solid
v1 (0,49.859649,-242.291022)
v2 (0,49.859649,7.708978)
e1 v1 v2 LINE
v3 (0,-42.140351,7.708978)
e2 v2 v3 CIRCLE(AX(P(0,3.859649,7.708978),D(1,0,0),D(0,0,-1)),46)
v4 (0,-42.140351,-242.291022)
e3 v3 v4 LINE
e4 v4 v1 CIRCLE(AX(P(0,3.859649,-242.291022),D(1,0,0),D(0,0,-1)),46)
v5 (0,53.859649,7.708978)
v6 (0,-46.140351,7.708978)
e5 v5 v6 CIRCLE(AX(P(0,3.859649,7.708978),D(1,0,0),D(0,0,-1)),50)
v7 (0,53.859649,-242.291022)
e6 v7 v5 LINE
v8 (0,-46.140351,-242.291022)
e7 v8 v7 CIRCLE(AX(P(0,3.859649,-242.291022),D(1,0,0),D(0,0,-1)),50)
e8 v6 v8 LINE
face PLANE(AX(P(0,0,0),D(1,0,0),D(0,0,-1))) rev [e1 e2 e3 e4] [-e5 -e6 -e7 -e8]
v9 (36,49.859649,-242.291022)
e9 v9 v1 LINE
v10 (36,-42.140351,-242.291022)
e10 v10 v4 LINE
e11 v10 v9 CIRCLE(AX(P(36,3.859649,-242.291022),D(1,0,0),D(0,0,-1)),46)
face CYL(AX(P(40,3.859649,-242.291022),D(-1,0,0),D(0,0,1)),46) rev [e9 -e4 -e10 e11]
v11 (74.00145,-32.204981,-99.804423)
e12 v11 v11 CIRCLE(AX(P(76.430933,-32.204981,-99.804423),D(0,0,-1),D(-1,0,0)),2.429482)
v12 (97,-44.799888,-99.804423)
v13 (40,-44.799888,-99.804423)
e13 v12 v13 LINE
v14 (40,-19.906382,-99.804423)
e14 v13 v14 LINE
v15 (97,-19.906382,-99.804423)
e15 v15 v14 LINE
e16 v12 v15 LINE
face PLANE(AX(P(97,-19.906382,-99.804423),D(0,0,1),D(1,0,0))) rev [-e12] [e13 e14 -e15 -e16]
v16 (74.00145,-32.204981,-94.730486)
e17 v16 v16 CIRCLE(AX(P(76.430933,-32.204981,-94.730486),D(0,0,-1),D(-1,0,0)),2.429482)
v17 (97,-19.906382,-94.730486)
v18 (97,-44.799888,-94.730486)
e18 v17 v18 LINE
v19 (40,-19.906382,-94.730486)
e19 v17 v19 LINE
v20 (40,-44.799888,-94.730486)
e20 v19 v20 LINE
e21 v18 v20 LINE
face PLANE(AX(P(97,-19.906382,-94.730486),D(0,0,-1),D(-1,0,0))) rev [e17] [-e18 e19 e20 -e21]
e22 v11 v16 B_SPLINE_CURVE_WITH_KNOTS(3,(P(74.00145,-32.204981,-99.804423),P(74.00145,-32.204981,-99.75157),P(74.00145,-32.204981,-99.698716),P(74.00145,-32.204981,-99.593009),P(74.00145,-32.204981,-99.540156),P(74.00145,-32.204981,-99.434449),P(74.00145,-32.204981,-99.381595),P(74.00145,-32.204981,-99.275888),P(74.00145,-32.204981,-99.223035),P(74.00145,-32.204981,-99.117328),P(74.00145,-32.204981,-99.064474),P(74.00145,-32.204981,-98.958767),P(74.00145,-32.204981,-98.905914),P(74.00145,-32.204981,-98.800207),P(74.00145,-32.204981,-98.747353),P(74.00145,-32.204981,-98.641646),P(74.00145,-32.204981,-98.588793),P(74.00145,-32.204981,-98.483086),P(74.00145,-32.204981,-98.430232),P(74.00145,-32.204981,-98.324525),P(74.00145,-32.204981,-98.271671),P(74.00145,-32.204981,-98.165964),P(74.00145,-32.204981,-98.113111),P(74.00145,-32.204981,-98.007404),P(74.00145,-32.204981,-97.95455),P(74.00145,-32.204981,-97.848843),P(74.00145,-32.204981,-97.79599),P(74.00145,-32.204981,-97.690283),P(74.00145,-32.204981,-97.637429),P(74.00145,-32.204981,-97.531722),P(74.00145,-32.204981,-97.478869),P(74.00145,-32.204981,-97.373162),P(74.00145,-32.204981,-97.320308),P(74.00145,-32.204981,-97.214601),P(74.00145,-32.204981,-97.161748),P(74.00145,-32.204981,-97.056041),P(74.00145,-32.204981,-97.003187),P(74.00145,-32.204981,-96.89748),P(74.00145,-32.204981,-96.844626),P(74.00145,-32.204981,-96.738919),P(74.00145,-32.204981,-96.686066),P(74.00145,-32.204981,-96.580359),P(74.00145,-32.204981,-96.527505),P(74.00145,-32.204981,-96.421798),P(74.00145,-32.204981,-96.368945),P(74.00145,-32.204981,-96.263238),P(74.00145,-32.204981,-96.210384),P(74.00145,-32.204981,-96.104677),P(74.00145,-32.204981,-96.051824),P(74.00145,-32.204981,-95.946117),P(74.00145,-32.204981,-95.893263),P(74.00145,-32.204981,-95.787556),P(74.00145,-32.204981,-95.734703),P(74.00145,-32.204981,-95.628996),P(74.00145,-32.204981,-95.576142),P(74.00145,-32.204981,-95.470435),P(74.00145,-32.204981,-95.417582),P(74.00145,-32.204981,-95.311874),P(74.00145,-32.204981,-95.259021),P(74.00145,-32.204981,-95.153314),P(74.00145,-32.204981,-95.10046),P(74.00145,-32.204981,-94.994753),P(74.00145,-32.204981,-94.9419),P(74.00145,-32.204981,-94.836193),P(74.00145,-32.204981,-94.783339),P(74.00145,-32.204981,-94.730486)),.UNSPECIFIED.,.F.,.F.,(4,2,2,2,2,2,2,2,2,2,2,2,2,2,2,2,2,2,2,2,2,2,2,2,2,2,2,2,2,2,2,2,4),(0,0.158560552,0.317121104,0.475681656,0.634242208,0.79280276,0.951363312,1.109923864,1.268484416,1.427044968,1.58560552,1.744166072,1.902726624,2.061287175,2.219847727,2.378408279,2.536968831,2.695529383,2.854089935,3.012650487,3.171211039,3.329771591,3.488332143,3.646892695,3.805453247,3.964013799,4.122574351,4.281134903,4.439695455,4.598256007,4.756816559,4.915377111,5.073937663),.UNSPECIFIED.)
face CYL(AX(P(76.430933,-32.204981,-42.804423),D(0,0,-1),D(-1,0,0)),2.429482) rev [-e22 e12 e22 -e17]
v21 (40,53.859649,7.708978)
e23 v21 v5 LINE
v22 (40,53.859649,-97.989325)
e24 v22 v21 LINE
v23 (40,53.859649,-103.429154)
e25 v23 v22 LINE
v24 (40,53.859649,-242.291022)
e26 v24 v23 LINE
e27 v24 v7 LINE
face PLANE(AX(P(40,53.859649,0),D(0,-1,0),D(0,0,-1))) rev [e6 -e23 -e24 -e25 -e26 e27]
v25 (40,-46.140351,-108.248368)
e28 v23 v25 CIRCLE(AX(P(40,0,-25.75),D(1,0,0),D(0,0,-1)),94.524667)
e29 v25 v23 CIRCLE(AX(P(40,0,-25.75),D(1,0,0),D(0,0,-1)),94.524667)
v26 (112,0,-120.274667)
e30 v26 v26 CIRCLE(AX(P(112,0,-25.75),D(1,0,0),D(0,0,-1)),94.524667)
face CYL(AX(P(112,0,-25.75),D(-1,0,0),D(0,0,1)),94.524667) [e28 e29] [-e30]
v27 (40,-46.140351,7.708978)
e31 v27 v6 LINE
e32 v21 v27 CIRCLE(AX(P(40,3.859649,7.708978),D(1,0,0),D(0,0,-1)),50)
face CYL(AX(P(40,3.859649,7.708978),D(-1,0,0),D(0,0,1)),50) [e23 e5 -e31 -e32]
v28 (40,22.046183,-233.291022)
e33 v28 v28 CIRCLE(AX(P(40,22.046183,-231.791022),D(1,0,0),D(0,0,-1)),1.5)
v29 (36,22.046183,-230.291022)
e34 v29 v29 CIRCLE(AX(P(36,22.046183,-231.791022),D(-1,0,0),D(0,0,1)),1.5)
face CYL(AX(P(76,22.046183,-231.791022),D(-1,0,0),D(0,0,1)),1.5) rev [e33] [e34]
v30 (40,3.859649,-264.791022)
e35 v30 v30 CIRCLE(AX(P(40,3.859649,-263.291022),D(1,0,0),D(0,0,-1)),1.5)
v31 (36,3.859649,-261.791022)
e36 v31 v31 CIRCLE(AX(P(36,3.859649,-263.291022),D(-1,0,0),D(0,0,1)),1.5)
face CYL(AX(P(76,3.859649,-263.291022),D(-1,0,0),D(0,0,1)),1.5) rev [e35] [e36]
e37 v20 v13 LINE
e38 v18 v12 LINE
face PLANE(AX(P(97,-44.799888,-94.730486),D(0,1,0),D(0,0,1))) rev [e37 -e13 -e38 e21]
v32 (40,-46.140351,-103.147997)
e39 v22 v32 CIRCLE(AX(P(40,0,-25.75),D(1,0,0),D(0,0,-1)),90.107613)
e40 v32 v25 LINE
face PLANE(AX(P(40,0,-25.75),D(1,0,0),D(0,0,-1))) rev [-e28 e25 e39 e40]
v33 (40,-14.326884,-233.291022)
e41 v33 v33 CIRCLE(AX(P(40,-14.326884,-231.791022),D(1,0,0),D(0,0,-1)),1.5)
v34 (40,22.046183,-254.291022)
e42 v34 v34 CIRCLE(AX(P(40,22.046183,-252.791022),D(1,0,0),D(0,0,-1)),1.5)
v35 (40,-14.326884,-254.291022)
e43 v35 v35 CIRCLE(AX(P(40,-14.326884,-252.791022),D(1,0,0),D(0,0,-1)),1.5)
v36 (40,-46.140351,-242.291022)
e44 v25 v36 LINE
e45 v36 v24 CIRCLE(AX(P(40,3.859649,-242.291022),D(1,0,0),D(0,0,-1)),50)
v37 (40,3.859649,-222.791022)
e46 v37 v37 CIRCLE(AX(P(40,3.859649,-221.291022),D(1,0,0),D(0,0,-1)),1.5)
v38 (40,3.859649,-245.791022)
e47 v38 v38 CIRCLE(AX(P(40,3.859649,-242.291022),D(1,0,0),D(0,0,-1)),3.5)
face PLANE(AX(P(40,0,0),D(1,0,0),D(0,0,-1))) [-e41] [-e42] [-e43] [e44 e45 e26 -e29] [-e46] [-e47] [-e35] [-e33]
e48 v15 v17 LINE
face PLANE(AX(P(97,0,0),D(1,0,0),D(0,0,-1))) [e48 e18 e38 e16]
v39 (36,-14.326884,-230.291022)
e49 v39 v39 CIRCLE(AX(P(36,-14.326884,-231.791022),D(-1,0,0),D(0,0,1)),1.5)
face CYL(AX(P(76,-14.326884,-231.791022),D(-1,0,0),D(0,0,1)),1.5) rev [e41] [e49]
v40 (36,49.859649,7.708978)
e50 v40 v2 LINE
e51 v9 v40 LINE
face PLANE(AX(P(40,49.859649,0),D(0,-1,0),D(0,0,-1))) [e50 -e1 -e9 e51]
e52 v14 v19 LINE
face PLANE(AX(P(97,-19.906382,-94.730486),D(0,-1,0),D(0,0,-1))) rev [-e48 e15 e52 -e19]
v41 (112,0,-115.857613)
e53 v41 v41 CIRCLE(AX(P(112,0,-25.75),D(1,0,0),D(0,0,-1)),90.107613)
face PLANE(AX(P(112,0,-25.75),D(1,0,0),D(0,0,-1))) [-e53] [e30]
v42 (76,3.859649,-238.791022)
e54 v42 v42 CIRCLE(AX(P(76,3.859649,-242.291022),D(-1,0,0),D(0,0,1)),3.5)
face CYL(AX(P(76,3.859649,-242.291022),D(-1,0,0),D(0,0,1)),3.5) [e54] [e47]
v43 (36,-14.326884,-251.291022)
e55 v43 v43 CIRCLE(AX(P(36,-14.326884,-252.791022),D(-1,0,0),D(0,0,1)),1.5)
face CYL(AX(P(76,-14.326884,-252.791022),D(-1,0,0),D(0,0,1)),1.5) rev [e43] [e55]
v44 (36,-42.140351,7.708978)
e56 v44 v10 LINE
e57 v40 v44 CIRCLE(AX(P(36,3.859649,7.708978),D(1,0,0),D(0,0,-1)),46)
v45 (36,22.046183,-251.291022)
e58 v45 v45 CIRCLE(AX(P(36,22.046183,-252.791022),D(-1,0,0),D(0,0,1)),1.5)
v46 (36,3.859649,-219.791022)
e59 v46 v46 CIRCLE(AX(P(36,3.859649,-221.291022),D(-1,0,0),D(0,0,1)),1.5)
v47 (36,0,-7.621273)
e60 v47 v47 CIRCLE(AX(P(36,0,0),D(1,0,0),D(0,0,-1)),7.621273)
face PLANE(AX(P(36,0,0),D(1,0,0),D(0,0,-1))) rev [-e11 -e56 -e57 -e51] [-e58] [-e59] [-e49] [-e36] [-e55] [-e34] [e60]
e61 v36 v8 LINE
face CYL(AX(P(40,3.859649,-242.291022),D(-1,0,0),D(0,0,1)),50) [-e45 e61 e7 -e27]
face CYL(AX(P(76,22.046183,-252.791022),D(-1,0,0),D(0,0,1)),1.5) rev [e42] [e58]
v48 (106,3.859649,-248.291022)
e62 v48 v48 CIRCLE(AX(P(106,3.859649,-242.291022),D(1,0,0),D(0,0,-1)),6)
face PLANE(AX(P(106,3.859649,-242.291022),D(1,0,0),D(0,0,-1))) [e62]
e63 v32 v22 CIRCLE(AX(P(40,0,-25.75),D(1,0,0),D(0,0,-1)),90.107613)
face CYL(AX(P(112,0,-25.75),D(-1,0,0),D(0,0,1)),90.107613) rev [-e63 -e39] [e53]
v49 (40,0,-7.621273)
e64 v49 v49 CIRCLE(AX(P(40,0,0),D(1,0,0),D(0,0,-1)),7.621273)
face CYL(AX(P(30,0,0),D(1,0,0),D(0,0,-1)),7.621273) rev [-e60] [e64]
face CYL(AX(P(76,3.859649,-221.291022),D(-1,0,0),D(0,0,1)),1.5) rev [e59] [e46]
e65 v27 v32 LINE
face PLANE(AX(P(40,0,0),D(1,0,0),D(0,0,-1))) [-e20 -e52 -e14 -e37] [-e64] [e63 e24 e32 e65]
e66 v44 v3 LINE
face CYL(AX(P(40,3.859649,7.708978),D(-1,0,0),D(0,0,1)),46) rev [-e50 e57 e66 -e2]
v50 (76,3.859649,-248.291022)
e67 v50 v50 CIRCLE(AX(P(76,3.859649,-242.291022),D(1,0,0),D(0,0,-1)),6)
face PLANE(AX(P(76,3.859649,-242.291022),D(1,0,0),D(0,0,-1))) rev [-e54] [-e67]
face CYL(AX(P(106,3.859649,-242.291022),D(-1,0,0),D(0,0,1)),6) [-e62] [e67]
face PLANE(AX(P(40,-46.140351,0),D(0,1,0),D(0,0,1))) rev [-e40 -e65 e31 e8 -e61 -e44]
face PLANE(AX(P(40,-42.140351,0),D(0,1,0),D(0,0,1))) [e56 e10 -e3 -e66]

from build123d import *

# Parameters (mm, degrees)
BOSS_EXTRUDE1_DEPTH = 40
SHELL1_T            = -4
SKETCH4_R           = 1.5
CUT_EXTRUDE1_DEPTH  = 40
SKETCH6_R           = 3.5
BOSS_EXTRUDE2_DEPTH = 40
SKETCH7_R           = 6
BOSS_EXTRUDE3_DEPTH = 30
SKETCH11_R          = 7.621273112
CUT_EXTRUDE2_DEPTH  = 10
SKETCH14_W          = 5.073937662
SKETCH14_H          = 24.893505848
BOSS_EXTRUDE5_DEPTH = 57
SKETCH15_R          = 2.42948244
CUT_EXTRUDE4_DEPTH  = 57
SKETCH18_R          = 94.524667443
SKETCH18_R_2        = 90.107612794
BOSS_EXTRUDE7_DEPTH = 72


with BuildPart() as part:
    # Sketch2 → Boss-Extrude1 (new body)
    with BuildSketch(Plane(origin=(0, 0, 0), x_dir=(0, 0, -1), z_dir=(1, 0, 0))):
        with BuildLine():
            ThreePointArc((42.291021672, 3.859649123), (27.646360731, -31.495689937), (-7.708978328, -46.140350877))
            Line((-7.708978328, -46.140350877), (242.291021672, -46.140350877))
            ThreePointArc((242.291021672, -46.140350877), (192.291021672, 3.859649123), (242.291021672, 53.859649123))
            Line((242.291021672, 53.859649123), (-7.708978328, 53.859649123))
            ThreePointArc((-7.708978328, 53.859649123), (27.646360731, 39.214988182), (42.291021672, 3.859649123))
        make_face()
        with BuildLine():
            ThreePointArc((-7.708978328, 53.859649123), (-57.708978328, 3.859649123), (-7.708978328, -46.140350877))
            Line((-7.708978328, -46.140350877), (-7.708978328, 53.859649123))
        make_face()
        with BuildLine():
            Line((-7.708978328, 53.859649123), (-7.708978328, -46.140350877))
            ThreePointArc((-7.708978328, -46.140350877), (27.646360731, -31.495689937), (42.291021672, 3.859649123))
            ThreePointArc((42.291021672, 3.859649123), (27.646360731, 39.214988182), (-7.708978328, 53.859649123))
        make_face()
        with BuildLine():
            ThreePointArc((242.291021672, 53.859649123), (192.291021672, 3.859649123), (242.291021672, -46.140350877))
            Line((242.291021672, -46.140350877), (242.291021672, 53.859649123))
        make_face()
        with BuildLine():
            Line((242.291021672, 53.859649123), (242.291021672, -46.140350877))
            ThreePointArc((242.291021672, -46.140350877), (277.646360731, -31.495689937), (292.291021672, 3.859649123))
            ThreePointArc((292.291021672, 3.859649123), (277.646360731, 39.214988182), (242.291021672, 53.859649123))
        make_face()
    extrude(amount=BOSS_EXTRUDE1_DEPTH)

    # Shell1
    shell1_openings = [part.faces().sort_by_distance(p)[0] for p in [
        (0, 3.859649123, -117.291021672),
    ]]
    offset(amount=SHELL1_T, openings=shell1_openings, kind=Kind.INTERSECTION)

    # Sketch4 → Cut-Extrude1 (cut)
    with BuildSketch(Plane.ZY.offset(-36)):
        with Locations((-252.791021672, 22.046182602)):
            Circle(SKETCH4_R)
        with Locations((-231.791021672, 22.046182602)):
            Circle(SKETCH4_R)
        with Locations((-263.291021672, 3.859649123)):
            Circle(SKETCH4_R)
        with Locations((-221.291021672, 3.859649123)):
            Circle(SKETCH4_R)
        with Locations((-252.791021672, -14.326884357)):
            Circle(SKETCH4_R)
        with Locations((-231.791021672, -14.326884357)):
            Circle(SKETCH4_R)
    extrude(amount=-CUT_EXTRUDE1_DEPTH, mode=Mode.SUBTRACT)

    # Sketch6 → Boss-Extrude2 (add)
    with BuildSketch(Plane.ZY.offset(-36)):
        with Locations((-242.291021672, 3.859649123)):
            Circle(SKETCH6_R)
    extrude(amount=-BOSS_EXTRUDE2_DEPTH)

    # Sketch7 → Boss-Extrude3 (add)
    with BuildSketch(Plane(origin=(76, 0, 0), x_dir=(0, 0, -1), z_dir=(1, 0, 0))):
        with Locations((242.291021672, 3.859649123)):
            Circle(SKETCH7_R)
    extrude(amount=BOSS_EXTRUDE3_DEPTH)

    # Sketch11 → Cut-Extrude2 (cut)
    with BuildSketch(Plane(origin=(40, 0, 0), x_dir=(0, 0, -1), z_dir=(1, 0, 0))):
        Circle(SKETCH11_R)
    extrude(amount=-CUT_EXTRUDE2_DEPTH, mode=Mode.SUBTRACT)

    # Sketch14 → Boss-Extrude5 (add)
    with BuildSketch(Plane(origin=(40, 0, 0), x_dir=(0, 0, -1), z_dir=(1, 0, 0))):
        with Locations((97.267454621, -32.353135016)):
            Rectangle(SKETCH14_W, SKETCH14_H)
    extrude(amount=BOSS_EXTRUDE5_DEPTH)

    # Sketch15 → Cut-Extrude4 (cut)
    with BuildSketch(Plane(origin=(0, 0, -99.804423452), x_dir=(-1, 0, 0), z_dir=(0, 0, -1))):
        with Locations((-76.430932939, -32.204980858)):
            Circle(SKETCH15_R)
    extrude(amount=-CUT_EXTRUDE4_DEPTH, mode=Mode.SUBTRACT)

    # Sketch18 → Boss-Extrude7 (add)
    with BuildSketch(Plane(origin=(40, 0, 0), x_dir=(0, 0, -1), z_dir=(1, 0, 0))):
        with Locations(Location((25.75, 0, 0), (0, 0, 34.735906814))):
            Circle(SKETCH18_R)
        with Locations(Location((25.75, 0, 0), (0, 0, 36.707196429))):
            Circle(SKETCH18_R_2, mode=Mode.SUBTRACT)
    extrude(amount=BOSS_EXTRUDE7_DEPTH)


solid = part.part
